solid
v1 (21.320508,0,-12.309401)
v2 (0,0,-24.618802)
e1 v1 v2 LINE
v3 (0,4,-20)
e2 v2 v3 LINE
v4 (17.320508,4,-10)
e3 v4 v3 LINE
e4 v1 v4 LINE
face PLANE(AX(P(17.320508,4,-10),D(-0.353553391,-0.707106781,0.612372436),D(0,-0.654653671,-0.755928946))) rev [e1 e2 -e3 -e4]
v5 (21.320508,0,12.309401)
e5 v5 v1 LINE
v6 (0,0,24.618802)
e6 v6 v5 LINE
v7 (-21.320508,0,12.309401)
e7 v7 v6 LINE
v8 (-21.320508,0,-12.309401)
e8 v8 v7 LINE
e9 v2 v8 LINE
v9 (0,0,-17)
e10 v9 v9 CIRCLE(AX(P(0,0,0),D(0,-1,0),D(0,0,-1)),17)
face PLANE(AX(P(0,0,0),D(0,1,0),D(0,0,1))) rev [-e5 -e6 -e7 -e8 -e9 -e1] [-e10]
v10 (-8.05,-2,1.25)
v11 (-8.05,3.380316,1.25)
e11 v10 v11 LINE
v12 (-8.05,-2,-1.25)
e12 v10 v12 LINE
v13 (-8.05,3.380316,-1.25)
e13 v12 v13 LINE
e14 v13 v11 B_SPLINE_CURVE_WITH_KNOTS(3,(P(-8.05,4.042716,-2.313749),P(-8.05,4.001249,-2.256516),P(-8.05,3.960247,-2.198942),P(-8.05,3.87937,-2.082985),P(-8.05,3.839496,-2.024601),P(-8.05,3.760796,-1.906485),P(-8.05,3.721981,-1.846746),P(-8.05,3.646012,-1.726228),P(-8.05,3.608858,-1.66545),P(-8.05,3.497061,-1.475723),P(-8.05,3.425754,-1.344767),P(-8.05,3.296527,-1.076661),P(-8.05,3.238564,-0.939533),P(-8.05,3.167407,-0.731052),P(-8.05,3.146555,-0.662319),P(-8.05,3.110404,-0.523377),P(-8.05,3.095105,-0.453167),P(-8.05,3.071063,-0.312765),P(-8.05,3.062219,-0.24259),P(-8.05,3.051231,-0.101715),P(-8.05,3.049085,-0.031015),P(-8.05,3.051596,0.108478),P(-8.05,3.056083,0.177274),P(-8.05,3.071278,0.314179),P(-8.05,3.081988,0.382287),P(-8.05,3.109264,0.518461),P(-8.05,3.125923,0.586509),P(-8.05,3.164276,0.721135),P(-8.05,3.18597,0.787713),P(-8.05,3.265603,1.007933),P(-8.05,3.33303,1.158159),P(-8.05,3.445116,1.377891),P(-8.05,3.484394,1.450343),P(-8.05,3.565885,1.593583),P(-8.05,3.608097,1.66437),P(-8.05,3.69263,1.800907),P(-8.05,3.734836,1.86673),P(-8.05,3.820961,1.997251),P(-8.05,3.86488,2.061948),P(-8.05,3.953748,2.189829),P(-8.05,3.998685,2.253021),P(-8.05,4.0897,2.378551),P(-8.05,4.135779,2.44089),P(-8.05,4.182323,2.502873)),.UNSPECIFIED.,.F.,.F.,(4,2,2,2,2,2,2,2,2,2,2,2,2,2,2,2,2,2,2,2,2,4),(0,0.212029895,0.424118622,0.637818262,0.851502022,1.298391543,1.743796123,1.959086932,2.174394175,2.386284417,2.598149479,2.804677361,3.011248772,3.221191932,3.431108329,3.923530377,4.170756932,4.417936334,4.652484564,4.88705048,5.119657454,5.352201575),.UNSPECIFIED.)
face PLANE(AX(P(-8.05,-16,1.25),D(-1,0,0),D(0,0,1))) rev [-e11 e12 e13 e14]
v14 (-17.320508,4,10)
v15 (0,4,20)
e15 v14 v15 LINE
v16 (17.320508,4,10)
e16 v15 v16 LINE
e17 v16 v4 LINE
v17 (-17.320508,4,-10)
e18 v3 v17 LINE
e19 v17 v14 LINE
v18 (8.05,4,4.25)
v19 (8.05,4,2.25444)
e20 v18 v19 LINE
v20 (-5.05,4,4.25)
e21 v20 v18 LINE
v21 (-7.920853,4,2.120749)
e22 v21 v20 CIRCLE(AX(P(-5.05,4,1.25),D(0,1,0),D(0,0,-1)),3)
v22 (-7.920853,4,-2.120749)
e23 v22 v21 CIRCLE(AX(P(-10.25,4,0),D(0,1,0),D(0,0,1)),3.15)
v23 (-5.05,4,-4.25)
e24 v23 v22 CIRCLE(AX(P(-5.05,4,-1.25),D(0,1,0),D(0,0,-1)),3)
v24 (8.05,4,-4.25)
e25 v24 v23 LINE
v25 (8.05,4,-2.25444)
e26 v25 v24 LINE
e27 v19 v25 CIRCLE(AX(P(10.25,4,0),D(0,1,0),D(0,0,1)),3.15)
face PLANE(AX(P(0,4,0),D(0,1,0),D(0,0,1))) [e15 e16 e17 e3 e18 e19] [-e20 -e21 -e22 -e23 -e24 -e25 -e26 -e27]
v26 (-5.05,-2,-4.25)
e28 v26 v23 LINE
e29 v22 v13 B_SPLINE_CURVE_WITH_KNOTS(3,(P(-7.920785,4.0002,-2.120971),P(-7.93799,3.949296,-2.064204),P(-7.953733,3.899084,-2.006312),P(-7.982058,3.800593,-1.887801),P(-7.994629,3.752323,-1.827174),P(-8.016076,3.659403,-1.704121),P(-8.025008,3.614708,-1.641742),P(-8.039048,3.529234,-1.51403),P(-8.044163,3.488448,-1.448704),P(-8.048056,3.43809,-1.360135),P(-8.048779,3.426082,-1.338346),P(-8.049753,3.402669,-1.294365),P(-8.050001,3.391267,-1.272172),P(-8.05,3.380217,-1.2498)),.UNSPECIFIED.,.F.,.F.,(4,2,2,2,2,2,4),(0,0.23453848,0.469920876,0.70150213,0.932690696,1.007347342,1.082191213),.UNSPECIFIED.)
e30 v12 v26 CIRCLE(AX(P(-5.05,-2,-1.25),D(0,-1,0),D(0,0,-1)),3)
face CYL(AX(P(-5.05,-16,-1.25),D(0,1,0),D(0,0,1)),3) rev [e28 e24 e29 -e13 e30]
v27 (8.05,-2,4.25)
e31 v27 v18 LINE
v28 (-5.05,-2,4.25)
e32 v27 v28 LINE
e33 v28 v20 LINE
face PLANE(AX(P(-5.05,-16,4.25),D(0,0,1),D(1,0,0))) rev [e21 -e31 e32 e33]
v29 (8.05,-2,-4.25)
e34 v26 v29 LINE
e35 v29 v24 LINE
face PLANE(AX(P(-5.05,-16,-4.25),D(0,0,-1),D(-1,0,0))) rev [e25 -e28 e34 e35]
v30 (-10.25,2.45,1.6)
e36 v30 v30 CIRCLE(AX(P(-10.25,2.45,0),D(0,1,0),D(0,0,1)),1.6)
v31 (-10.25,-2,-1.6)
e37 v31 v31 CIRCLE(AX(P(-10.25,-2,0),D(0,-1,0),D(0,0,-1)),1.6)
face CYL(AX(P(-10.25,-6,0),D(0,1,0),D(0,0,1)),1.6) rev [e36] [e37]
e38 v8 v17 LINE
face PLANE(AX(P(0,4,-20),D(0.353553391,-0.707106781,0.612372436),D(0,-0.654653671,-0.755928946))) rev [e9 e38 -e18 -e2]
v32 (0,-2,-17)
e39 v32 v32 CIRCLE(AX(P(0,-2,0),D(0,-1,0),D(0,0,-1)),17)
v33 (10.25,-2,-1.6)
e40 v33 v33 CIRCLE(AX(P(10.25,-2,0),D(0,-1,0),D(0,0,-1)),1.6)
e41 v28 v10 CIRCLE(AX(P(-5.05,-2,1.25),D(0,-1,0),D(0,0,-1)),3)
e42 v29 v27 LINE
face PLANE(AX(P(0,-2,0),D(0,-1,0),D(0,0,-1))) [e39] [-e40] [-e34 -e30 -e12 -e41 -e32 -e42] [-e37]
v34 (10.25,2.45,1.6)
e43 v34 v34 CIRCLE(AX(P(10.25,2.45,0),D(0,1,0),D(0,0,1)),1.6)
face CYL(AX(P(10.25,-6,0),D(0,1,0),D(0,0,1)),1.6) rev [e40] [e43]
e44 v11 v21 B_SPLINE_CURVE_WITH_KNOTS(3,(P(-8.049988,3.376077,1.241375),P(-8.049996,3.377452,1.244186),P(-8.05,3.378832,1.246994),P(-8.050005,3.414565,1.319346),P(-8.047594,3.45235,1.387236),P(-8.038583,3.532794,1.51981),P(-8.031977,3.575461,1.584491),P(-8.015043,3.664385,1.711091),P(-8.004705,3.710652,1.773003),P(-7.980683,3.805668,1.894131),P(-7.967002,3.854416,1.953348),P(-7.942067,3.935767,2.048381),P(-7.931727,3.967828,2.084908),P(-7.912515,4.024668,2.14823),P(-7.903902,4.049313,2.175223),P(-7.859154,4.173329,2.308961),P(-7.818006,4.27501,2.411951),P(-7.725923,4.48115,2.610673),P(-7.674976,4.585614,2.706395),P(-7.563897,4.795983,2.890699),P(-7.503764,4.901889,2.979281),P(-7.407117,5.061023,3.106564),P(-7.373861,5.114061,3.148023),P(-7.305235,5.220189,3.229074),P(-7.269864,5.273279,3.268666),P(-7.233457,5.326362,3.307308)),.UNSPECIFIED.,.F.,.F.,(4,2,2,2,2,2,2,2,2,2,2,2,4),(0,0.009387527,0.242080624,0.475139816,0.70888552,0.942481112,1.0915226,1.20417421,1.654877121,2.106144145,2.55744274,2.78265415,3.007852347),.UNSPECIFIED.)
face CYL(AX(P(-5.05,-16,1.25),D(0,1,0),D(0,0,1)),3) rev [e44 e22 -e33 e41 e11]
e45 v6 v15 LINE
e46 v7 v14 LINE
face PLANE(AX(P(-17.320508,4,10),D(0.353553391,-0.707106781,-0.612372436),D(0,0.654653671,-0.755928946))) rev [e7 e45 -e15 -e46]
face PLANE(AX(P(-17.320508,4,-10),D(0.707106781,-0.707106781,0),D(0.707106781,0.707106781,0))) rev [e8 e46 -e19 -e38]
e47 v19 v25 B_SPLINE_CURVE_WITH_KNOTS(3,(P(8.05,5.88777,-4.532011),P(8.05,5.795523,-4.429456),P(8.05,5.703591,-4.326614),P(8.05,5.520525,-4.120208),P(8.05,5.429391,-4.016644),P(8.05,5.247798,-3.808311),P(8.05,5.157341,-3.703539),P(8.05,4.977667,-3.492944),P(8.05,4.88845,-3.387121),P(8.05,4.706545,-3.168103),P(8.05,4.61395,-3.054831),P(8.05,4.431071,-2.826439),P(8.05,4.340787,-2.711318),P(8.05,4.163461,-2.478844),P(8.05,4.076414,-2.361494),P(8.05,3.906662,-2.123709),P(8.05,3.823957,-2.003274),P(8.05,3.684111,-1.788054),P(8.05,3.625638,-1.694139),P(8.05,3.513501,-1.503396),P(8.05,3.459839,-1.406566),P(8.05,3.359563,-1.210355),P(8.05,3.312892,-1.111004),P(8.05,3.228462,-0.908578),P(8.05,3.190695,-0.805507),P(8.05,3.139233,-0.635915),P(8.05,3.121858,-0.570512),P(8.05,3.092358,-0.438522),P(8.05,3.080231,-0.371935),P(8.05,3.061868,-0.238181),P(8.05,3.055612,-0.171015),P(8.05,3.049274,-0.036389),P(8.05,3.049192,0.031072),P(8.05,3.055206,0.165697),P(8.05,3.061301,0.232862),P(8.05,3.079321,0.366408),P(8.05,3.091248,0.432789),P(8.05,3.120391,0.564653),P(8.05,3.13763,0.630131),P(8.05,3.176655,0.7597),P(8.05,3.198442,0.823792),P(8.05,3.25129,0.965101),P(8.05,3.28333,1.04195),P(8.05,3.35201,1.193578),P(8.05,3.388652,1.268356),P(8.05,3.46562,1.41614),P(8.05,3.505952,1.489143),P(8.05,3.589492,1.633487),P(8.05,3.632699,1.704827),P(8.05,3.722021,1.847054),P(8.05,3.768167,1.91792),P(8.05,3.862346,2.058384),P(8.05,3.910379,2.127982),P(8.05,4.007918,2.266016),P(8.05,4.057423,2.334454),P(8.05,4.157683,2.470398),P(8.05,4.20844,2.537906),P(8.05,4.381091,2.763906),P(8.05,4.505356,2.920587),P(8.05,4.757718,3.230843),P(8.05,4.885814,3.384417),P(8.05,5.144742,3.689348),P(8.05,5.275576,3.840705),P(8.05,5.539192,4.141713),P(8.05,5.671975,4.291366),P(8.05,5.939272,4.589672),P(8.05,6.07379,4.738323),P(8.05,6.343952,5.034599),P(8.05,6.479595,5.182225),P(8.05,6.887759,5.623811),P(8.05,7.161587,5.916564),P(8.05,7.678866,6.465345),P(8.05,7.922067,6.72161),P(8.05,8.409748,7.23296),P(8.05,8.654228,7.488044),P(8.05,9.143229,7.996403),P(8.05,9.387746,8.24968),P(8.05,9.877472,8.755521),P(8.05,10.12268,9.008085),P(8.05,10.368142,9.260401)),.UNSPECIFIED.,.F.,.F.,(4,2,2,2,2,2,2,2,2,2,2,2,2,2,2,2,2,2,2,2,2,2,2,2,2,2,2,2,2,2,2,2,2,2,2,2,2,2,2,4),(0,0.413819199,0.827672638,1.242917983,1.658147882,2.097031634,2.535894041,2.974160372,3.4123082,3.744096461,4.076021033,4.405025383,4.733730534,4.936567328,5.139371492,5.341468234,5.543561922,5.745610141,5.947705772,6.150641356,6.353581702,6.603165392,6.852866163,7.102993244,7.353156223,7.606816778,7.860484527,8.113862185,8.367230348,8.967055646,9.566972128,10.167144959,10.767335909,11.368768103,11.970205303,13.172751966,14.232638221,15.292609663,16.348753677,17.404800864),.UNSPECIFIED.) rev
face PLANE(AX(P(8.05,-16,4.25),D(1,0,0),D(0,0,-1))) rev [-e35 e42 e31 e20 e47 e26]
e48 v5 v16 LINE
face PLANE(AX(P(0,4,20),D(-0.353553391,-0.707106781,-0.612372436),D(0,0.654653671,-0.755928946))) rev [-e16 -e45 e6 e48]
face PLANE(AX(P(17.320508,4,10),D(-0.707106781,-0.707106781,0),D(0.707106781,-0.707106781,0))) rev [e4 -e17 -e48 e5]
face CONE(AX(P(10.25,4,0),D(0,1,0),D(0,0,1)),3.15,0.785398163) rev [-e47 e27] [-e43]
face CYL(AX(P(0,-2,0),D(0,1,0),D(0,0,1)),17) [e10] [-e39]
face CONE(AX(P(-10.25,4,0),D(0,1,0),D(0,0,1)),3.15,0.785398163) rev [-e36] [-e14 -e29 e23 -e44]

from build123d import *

# Parameters (mm, degrees)
SKETCH1_R                                           = 26
BOSS_EXTRUDE1_DEPTH                                 = 4
SKETCH3_R                                           = 17
BOSS_EXTRUDE2_DEPTH                                 = 2
CUT_EXTRUDE1_DEPTH                                  = 20
SKETCH4_R                                           = 1.6
CUT_EXTRUDE2_DEPTH                                  = 10
SKETCH6_OUTSIDE_W                                   = 88.756
SKETCH6_OUTSIDE_H                                   = 88.756
CUT_EXTRUDE3_DEPTH                                  = 10
CUT_EXTRUDE3_TAPER                                  = 45
CSK_FOR_M3_COUNTERSUNK_FLAT_HEAD_SCREW2_D           = 3.2
CSK_FOR_M3_COUNTERSUNK_FLAT_HEAD_SCREW2_CSINK_D     = 6.3
CSK_FOR_M3_COUNTERSUNK_FLAT_HEAD_SCREW2_CSINK_ANGLE = 90


with BuildPart() as part:
    # Sketch1 → Boss-Extrude1 (new body)
    with BuildSketch(Plane(origin=(0, 0, 0), x_dir=(1, 0, 0), z_dir=(0, 1, 0))):
        Circle(SKETCH1_R)
    extrude(amount=BOSS_EXTRUDE1_DEPTH)

    # Sketch3 → Boss-Extrude2 (add)
    with BuildSketch(Plane.XZ):
        Circle(SKETCH3_R)
    extrude(amount=BOSS_EXTRUDE2_DEPTH)

    # Sketch2 → Cut-Extrude1 (cut)
    with BuildSketch(Plane(origin=(0, 4, 0), x_dir=(1, 0, 0), z_dir=(0, 1, 0))):
        with BuildLine():
            Line((-5.05, -4.25), (8.05, -4.25))
            Line((8.05, -4.25), (8.05, 4.25))
            Line((8.05, 4.25), (-5.05, 4.25))
            ThreePointArc((-5.05, 4.25), (-7.171320344, 3.371320344), (-8.05, 1.25))
            Line((-8.05, 1.25), (-8.05, -1.25))
            ThreePointArc((-8.05, -1.25), (-7.171320344, -3.371320344), (-5.05, -4.25))
        make_face()
    extrude(amount=-CUT_EXTRUDE1_DEPTH, mode=Mode.SUBTRACT)

    # Sketch4 → Cut-Extrude2 (cut)
    with BuildSketch(Plane(origin=(0, 4, 0), x_dir=(1, 0, 0), z_dir=(0, 1, 0))):
        with Locations((-10.25, 0)):
            Circle(SKETCH4_R)
        with Locations((10.25, 0)):
            Circle(SKETCH4_R)
    extrude(amount=-CUT_EXTRUDE2_DEPTH, mode=Mode.SUBTRACT)

    # Sketch6 outside → Cut-Extrude3 (cut)
    with BuildSketch(Plane(origin=(0, 4, 0), x_dir=(1, 0, 0), z_dir=(0, 1, 0))):
        Rectangle(SKETCH6_OUTSIDE_W, SKETCH6_OUTSIDE_H)
        Polygon((0, 20), (-17.320508076, 10), (-17.320508076, -10), (0, -20), (17.320508076, -10), (17.320508076, 10), align=None, mode=Mode.SUBTRACT)
    extrude(amount=-CUT_EXTRUDE3_DEPTH, taper=CUT_EXTRUDE3_TAPER, mode=Mode.SUBTRACT)

    # CSK for M3 Countersunk Flat Head Screw2 (through all)
    with Locations(Plane(origin=(0, 4, 0), x_dir=(1, 0, 0), z_dir=(0, 1, 0))):
        with Locations((-10.25, 0), (10.25, 0)):
            CounterSinkHole(CSK_FOR_M3_COUNTERSUNK_FLAT_HEAD_SCREW2_D / 2, CSK_FOR_M3_COUNTERSUNK_FLAT_HEAD_SCREW2_CSINK_D / 2, counter_sink_angle=CSK_FOR_M3_COUNTERSUNK_FLAT_HEAD_SCREW2_CSINK_ANGLE)


solid = part.part
